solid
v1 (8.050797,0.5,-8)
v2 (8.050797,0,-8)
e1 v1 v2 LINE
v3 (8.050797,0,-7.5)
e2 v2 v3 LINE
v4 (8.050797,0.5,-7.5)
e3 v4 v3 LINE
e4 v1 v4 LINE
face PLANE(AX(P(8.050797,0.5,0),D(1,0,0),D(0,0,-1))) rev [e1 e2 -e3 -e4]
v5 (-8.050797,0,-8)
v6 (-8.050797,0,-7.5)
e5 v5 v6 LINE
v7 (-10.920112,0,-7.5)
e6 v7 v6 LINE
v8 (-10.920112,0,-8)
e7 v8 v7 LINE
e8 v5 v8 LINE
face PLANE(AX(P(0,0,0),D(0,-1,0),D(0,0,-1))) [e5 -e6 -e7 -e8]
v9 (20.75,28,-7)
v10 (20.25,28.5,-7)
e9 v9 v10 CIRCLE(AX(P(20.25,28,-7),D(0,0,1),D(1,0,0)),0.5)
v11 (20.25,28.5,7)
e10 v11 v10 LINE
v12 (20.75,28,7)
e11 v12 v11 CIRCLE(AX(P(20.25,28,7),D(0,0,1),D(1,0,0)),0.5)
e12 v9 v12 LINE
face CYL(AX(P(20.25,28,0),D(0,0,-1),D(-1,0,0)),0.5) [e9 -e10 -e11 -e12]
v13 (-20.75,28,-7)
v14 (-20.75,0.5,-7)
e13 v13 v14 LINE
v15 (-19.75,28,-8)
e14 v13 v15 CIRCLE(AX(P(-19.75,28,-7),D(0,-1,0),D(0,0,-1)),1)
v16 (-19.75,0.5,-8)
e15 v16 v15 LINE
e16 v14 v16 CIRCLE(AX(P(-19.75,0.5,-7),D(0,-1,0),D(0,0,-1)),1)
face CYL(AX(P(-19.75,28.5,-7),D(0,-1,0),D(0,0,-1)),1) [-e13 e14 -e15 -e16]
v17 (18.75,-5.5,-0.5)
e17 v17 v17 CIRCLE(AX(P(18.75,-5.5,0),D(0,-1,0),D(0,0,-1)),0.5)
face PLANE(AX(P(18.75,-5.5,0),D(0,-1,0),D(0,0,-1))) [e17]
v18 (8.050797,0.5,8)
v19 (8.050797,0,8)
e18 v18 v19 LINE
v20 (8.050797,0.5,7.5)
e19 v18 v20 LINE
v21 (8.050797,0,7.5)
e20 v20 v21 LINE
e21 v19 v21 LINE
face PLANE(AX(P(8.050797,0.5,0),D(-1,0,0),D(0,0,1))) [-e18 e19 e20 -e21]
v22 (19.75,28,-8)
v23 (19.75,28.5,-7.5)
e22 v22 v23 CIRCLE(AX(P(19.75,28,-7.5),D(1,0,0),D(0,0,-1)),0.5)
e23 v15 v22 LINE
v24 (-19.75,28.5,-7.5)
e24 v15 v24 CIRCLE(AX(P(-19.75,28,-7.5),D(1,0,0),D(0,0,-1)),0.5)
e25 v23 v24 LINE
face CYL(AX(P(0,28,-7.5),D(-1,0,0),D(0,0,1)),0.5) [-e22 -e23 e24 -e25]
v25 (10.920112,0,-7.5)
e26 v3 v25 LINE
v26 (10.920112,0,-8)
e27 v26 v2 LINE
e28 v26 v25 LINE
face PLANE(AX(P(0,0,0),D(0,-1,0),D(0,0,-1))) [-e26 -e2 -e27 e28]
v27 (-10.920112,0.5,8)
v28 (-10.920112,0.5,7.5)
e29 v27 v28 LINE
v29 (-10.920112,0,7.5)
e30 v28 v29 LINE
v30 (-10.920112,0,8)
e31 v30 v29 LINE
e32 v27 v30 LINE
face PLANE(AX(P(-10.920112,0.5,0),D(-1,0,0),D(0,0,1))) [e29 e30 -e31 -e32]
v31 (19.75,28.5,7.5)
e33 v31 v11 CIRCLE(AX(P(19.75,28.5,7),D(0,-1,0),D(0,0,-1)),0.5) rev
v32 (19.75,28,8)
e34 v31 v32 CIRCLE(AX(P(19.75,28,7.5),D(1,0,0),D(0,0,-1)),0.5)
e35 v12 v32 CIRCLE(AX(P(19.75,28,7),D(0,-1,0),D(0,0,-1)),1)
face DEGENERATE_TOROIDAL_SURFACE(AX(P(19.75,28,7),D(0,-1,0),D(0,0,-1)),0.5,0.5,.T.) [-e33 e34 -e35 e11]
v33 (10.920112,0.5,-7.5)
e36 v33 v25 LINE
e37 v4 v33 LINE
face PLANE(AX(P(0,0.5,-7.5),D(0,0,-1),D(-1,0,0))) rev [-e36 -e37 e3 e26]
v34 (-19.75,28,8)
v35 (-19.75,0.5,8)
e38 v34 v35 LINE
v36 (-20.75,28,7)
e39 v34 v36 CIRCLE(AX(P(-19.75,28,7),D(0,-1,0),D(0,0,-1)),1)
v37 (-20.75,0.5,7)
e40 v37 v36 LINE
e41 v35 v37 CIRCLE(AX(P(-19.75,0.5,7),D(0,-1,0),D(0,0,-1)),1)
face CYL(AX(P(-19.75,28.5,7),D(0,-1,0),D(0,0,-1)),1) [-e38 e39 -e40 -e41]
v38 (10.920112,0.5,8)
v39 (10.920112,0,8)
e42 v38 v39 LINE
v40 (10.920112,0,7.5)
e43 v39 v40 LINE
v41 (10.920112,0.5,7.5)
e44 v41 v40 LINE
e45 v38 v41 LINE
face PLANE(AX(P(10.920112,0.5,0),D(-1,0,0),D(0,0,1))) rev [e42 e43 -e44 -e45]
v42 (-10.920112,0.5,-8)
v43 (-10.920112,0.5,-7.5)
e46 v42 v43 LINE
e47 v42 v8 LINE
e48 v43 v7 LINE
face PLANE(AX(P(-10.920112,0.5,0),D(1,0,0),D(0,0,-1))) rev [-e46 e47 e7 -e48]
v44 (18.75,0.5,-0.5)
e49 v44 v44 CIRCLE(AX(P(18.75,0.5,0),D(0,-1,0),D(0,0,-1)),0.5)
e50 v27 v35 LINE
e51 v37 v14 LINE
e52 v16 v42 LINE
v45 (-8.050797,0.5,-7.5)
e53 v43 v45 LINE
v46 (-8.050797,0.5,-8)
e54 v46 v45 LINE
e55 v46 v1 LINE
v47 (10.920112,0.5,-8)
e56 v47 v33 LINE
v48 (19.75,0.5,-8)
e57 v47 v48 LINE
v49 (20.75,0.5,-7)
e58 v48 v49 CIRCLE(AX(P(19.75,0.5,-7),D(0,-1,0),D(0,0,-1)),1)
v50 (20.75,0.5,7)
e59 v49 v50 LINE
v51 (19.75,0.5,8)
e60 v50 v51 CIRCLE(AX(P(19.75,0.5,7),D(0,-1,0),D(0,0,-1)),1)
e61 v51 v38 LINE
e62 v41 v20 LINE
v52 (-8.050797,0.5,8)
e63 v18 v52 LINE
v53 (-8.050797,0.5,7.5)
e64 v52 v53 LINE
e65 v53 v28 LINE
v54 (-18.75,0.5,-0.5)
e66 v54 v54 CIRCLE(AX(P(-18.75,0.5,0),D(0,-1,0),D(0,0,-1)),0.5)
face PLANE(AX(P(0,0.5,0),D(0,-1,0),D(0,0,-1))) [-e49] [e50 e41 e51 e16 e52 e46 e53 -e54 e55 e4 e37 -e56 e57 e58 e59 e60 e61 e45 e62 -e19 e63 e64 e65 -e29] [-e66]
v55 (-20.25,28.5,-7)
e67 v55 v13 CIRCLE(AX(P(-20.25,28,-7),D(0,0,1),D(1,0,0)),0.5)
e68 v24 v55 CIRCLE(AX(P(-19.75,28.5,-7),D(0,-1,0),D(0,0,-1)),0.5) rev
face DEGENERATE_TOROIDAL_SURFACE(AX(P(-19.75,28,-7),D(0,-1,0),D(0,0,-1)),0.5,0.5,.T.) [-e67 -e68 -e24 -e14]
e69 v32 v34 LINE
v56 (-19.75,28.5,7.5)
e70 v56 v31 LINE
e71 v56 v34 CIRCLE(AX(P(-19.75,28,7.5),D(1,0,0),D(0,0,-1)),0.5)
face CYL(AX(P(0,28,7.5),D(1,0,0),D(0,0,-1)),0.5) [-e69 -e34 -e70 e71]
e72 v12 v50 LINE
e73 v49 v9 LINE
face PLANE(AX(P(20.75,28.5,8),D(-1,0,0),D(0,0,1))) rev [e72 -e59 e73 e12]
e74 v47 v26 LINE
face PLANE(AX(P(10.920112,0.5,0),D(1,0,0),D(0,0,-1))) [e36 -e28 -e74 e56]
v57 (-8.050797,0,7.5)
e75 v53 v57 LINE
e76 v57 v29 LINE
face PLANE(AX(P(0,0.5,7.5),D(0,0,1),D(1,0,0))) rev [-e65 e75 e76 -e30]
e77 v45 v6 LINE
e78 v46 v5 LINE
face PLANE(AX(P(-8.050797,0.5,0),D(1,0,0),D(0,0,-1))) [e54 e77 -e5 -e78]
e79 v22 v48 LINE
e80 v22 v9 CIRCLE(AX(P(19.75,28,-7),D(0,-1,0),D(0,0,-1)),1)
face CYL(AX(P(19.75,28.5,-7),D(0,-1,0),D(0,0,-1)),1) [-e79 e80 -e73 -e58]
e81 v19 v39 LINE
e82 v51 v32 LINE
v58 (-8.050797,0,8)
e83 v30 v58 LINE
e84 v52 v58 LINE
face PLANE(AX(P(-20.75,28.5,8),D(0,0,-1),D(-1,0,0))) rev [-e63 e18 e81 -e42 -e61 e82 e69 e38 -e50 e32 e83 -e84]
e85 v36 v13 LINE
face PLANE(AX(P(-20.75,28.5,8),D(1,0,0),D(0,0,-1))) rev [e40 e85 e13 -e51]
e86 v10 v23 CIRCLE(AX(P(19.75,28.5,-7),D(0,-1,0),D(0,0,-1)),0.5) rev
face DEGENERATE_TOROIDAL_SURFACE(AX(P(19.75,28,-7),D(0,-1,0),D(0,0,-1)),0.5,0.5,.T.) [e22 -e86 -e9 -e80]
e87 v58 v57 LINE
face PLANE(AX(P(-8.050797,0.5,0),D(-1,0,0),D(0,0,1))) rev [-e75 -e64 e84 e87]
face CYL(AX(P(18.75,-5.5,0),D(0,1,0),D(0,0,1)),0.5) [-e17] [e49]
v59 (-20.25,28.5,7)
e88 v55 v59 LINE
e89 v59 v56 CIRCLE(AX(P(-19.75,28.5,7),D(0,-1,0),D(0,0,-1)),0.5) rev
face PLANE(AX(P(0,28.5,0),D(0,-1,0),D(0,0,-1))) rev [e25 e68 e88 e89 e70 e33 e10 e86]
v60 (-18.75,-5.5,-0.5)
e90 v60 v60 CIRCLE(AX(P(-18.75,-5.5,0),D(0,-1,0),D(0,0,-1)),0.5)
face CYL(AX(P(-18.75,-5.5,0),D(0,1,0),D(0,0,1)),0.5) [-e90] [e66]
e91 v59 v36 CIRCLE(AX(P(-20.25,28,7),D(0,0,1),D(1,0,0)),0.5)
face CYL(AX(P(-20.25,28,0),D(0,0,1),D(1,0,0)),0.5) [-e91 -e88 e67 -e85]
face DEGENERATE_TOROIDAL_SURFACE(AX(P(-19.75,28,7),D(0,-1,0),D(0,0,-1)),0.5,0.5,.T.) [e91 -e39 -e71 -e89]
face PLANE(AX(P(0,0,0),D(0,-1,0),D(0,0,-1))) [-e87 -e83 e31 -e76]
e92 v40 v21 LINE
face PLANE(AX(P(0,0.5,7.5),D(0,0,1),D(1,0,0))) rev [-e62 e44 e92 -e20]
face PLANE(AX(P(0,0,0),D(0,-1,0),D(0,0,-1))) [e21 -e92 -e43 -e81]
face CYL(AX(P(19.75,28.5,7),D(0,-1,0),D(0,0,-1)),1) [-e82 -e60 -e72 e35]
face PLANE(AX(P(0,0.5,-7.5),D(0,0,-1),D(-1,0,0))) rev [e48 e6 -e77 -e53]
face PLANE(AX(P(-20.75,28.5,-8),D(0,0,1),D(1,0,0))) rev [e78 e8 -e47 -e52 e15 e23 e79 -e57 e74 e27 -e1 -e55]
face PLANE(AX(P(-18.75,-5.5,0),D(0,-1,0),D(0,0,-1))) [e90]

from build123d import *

# Parameters (mm, degrees)
SKETCH_1_W          = 41.5
SKETCH_1_H          = 16
EXTRUDE_1_DEPTH     = 28.5
FILLET_1_R          = 1
FILLET_2_R          = 0.5
CUT_EXTRUDE_START   = -0.5
CUT_EXTRUDE_1_DEPTH = 0.5
SKETCH_4_R          = 0.5
EXTRUDE_2_DEPTH     = 6


with BuildPart() as part:
    # Эскиз1 → Бобышка-Вытянуть1 (new body)
    with BuildSketch(Plane(origin=(0, 0, 0), x_dir=(1, 0, 0), z_dir=(0, 1, 0))):
        Rectangle(SKETCH_1_W, SKETCH_1_H)
    extrude(amount=EXTRUDE_1_DEPTH)

    # Скругление1
    fillet_1_edges = [part.edges().sort_by_distance(p)[0] for p in [
        (20.75, 14.25, 8),
        (-20.75, 14.25, 8),
        (-20.75, 14.25, -8),
        (20.75, 14.25, -8),
    ]]
    fillet(fillet_1_edges, radius=FILLET_1_R)

    # Скругление2
    fillet_2_edges = [part.edges().sort_by_distance(p)[0] for p in [
        (0, 28.5, -8),
        (20.75, 28.5, 0),
        (-20.75, 28.5, 0),
        (0, 28.5, 8),
        (-20.457106781, 28.5, 7.707106781),
        (-20.457106781, 28.5, -7.707106781),
        (20.457106781, 28.5, 7.707106781),
        (20.457106781, 28.5, -7.707106781),
    ]]
    fillet(fillet_2_edges, radius=FILLET_2_R)

    # Эскиз3 → Вырез-Вытянуть1 (cut)
    with BuildSketch(Plane.XZ.offset(CUT_EXTRUDE_START)):
        with BuildLine():
            Line((-10.920111581, 7.5), (-10.920111581, 8))
            Line((-10.920111581, 8), (-19.75, 8))
            ThreePointArc((-19.75, 8), (-20.457106781, 7.707106781), (-20.75, 7))
            Line((-20.75, 7), (-20.75, -7))
            ThreePointArc((-20.75, -7), (-20.457106781, -7.707106781), (-19.75, -8))
            Line((-19.75, -8), (-10.920111581, -8))
            Line((-10.920111581, -8), (-10.920111581, -7.5))
            Line((-10.920111581, -7.5), (-8.050796548, -7.5))
            Line((-8.050796548, -7.5), (-8.050796548, -8))
            Line((-8.050796548, -8), (8.050796548, -8))
            Line((8.050796548, -8), (8.050796548, -7.5))
            Line((8.050796548, -7.5), (10.920111581, -7.5))
            Line((10.920111581, -7.5), (10.920111581, -8))
            Line((10.920111581, -8), (19.75, -8))
            ThreePointArc((19.75, -8), (20.457106781, -7.707106781), (20.75, -7))
            Line((20.75, -7), (20.75, 7))
            ThreePointArc((20.75, 7), (20.457106781, 7.707106781), (19.75, 8))
            Line((19.75, 8), (10.920111581, 8))
            Line((10.920111581, 8), (10.920111581, 7.5))
            Line((10.920111581, 7.5), (8.050796548, 7.5))
            Line((8.050796548, 7.5), (8.050796548, 8))
            Line((8.050796548, 8), (-8.050796548, 8))
            Line((-8.050796548, 8), (-8.050796548, 7.5))
            Line((-8.050796548, 7.5), (-10.920111581, 7.5))
        make_face()
    extrude(amount=CUT_EXTRUDE_1_DEPTH, mode=Mode.SUBTRACT)

    # Эскиз4 → Бобышка-Вытянуть2 (add)
    with BuildSketch(Plane.XZ.offset(-0.5)):
        with Locations(Location((-18.75, 0, 0), (0, 0, 270))):
            Circle(SKETCH_4_R)
        with Locations(Location((18.75, 0, 0), (0, 0, 270))):
            Circle(SKETCH_4_R)
    extrude(amount=EXTRUDE_2_DEPTH)


solid = part.part
